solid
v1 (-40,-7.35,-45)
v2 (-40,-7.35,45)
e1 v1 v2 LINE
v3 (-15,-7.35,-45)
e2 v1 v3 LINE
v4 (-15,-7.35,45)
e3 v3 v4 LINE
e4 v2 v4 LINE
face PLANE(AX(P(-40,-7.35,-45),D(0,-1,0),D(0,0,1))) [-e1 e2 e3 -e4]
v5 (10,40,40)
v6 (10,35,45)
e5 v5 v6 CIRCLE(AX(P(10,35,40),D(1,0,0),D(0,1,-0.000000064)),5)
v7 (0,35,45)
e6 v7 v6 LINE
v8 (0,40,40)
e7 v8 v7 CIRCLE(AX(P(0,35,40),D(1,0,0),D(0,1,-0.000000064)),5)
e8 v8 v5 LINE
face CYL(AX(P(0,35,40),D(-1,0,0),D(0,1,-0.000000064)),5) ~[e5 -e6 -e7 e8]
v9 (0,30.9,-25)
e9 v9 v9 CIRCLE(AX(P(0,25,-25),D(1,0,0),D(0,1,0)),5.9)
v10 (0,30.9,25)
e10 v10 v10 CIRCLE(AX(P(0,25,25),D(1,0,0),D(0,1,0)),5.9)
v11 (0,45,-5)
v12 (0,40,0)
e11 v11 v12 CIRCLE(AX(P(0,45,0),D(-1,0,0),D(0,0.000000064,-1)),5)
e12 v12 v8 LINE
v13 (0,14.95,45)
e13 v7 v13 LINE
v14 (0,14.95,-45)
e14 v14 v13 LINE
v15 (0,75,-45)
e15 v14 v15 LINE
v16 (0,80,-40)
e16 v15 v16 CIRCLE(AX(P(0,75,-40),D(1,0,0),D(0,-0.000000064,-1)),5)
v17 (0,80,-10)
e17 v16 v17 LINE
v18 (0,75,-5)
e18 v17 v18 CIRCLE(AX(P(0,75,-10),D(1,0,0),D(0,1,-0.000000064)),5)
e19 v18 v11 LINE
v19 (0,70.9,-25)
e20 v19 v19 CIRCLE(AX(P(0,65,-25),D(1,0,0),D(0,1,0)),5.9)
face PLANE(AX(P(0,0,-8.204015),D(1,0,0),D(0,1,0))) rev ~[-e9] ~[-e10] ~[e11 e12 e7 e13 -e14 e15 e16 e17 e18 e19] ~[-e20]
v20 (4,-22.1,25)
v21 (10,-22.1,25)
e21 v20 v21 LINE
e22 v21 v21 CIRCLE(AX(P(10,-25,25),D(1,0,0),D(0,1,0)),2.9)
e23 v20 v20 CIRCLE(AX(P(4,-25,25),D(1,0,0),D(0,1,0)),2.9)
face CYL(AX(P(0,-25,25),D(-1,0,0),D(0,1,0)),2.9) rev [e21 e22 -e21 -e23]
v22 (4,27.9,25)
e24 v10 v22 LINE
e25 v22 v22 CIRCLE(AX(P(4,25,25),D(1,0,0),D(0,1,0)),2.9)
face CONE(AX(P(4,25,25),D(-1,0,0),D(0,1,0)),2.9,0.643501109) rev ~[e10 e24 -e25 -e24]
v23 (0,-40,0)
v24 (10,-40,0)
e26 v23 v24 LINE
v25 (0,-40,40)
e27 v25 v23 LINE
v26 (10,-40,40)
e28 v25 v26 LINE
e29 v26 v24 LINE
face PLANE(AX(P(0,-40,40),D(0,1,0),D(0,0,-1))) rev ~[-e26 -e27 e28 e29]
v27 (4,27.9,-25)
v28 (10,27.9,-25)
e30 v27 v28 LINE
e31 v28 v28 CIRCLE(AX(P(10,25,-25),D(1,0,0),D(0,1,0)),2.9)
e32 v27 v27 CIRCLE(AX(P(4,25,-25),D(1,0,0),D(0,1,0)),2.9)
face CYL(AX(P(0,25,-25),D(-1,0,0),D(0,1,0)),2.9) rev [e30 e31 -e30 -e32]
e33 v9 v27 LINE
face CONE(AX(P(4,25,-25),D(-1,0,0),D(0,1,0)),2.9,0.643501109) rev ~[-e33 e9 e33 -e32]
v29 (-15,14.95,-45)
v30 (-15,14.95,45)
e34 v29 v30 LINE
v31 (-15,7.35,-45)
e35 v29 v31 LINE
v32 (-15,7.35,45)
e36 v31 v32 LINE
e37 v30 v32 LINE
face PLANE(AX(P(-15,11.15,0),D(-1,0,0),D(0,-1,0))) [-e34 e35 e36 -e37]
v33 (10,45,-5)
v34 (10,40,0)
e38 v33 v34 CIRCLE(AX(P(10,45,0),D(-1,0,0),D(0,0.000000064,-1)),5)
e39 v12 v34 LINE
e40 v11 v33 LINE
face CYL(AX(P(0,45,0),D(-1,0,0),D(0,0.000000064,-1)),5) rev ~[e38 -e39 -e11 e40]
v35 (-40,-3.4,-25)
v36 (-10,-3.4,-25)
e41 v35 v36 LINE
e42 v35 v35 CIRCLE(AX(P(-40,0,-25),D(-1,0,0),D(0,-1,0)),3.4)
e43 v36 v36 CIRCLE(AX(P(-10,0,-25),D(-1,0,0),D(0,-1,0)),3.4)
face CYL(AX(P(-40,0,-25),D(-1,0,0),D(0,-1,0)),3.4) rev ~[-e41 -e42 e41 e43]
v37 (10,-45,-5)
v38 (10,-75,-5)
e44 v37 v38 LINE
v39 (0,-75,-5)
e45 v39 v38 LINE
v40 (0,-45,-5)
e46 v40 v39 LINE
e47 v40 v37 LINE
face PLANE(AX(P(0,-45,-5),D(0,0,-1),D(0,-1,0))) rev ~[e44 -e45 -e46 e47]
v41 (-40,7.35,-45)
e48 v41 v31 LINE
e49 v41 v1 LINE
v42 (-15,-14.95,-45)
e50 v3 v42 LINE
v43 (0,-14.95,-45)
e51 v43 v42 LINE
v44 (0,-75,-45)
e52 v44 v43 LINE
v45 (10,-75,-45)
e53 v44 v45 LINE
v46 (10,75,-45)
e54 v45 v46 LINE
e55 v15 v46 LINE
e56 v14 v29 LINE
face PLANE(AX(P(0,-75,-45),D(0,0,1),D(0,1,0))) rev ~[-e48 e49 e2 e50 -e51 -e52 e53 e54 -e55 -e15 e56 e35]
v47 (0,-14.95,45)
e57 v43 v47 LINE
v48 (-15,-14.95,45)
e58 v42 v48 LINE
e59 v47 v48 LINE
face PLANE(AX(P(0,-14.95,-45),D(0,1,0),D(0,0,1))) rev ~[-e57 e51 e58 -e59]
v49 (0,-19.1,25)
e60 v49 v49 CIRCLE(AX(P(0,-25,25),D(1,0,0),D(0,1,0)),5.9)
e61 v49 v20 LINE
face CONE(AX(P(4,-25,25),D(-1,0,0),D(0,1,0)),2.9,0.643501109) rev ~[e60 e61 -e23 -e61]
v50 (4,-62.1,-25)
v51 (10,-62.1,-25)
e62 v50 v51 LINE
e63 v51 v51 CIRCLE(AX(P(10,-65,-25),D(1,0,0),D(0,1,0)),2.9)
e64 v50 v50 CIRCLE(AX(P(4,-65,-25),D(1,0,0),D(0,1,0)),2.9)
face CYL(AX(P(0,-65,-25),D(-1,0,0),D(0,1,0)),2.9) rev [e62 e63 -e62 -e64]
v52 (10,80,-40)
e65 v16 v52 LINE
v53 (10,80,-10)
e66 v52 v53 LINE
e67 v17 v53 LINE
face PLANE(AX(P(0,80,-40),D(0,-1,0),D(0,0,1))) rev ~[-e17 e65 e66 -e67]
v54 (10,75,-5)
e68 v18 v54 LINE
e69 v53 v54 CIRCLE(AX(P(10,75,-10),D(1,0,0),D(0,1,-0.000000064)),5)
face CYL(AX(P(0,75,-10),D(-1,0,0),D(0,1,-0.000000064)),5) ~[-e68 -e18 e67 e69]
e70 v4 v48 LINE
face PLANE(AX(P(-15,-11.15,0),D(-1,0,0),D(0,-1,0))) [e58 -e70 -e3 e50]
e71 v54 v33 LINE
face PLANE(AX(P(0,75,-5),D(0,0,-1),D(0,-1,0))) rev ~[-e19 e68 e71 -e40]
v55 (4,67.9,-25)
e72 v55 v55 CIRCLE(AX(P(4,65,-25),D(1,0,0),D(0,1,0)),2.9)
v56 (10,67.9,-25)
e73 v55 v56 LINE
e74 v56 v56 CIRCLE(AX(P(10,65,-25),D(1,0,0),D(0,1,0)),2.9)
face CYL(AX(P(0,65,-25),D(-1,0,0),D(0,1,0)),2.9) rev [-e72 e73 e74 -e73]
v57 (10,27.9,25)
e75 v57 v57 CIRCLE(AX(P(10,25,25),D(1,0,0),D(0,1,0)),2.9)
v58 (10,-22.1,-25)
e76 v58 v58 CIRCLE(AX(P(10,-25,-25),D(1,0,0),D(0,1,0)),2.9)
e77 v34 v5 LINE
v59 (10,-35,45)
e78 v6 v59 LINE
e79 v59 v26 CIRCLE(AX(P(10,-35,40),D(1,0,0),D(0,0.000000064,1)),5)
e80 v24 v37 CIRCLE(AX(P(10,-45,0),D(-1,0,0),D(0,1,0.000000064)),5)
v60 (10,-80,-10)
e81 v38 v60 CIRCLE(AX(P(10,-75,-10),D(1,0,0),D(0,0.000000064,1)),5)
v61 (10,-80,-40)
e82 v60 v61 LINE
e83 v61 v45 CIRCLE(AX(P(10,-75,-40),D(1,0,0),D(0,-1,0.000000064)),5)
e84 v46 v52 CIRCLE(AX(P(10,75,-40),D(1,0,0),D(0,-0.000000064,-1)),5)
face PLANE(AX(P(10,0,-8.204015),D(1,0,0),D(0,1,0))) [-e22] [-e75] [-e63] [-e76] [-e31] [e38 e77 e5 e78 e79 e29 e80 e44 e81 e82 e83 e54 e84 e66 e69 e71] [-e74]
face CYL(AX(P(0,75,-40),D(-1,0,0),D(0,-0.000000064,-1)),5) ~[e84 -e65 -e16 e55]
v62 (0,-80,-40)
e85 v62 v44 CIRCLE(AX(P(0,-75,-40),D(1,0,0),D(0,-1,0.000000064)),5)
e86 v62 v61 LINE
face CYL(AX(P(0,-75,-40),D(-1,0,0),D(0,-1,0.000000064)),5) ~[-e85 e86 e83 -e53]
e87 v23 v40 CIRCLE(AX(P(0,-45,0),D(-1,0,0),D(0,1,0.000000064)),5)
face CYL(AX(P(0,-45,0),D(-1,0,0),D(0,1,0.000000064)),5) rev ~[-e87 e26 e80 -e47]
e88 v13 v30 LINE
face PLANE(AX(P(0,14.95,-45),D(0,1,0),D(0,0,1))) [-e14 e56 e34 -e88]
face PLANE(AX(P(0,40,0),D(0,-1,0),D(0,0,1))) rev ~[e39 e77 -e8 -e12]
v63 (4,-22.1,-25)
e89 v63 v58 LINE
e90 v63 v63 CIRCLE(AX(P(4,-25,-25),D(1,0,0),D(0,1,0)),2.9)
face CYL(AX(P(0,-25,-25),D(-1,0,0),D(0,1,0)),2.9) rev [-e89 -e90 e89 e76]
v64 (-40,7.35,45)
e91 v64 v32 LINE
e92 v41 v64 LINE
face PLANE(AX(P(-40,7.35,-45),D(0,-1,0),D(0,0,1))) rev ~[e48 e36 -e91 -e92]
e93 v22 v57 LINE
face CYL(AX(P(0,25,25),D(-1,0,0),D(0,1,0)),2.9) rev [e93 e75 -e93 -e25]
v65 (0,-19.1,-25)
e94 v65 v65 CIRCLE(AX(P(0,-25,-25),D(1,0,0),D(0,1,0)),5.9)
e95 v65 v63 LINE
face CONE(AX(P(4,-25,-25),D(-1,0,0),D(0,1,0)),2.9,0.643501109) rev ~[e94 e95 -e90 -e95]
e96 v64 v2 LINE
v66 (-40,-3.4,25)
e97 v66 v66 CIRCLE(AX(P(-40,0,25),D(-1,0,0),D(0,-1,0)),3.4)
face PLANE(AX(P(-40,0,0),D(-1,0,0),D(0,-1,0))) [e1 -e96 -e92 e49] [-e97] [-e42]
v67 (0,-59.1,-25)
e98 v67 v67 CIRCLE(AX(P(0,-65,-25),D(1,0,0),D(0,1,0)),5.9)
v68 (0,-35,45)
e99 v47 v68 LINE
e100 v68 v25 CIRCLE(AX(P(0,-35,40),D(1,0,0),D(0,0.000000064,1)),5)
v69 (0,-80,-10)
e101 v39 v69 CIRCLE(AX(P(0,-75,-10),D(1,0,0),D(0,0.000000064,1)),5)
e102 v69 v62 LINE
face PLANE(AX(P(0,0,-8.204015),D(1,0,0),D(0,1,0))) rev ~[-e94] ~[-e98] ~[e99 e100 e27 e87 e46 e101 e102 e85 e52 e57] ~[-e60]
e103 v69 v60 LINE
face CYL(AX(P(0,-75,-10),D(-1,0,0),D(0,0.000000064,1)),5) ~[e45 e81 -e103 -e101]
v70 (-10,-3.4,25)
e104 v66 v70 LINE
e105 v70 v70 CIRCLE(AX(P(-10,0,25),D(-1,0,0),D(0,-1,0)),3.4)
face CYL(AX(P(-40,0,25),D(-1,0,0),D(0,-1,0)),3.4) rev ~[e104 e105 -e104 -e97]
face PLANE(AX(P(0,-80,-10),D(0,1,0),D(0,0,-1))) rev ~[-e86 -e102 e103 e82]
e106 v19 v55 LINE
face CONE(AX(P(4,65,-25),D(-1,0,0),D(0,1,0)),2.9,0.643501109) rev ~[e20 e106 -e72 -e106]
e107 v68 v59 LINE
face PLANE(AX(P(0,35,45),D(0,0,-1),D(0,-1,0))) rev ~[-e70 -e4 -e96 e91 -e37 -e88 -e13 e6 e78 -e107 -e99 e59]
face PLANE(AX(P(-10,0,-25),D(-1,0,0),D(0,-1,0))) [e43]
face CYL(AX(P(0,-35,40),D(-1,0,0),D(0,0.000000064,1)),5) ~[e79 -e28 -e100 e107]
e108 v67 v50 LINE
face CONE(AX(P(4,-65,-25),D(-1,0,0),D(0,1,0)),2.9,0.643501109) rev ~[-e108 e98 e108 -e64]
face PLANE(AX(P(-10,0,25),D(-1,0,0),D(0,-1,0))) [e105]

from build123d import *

# Parameters (mm, degrees)
F0_R     = 2.9
F1_DEPTH = 10
F2_W     = 29.9
F2_H     = 90
F3_DEPTH = 40
F4_W     = 7.6
F4_H     = 90
F5_DEPTH = 25
F6_R     = 3.4
F7_DEPTH = 30
F8_SIZE2 = 4
F8_SIZE  = 3


with BuildPart() as f1:
    # F0 (on Right) → F1 (new body)
    with BuildSketch(Plane.YZ):
        with BuildLine():
            Line((-75, -45), (75, -45))
            ThreePointArc((75, -45), (78.535534, -43.535534), (80, -40))
            Line((80, -40), (80, -10))
            ThreePointArc((80, -10), (78.535534, -6.464466), (75, -5))
            Line((75, -5), (45, -5))
            ThreePointArc((45, -5), (41.464466, -3.535534), (40, 0))
            Line((40, 0), (40, 40))
            ThreePointArc((40, 40), (38.535534, 43.535534), (35, 45))
            Line((35, 45), (-35, 45))
            ThreePointArc((-35, 45), (-38.535534, 43.535534), (-40, 40))
            Line((-40, 40), (-40, 0))
            ThreePointArc((-40, 0), (-41.464466, -3.535534), (-45, -5))
            Line((-45, -5), (-75, -5))
            ThreePointArc((-75, -5), (-78.535534, -6.464466), (-80, -10))
            Line((-80, -10), (-80, -40))
            ThreePointArc((-80, -40), (-78.535534, -43.535534), (-75, -45))
        make_face()
        with Locations((-65, -25)):
            Circle(F0_R, mode=Mode.SUBTRACT)
        with Locations((-25, -25)):
            Circle(F0_R, mode=Mode.SUBTRACT)
        with Locations((25, -25)):
            Circle(F0_R, mode=Mode.SUBTRACT)
        with Locations((65, -25)):
            Circle(F0_R, mode=Mode.SUBTRACT)
        with Locations((-25, 25)):
            Circle(F0_R, mode=Mode.SUBTRACT)
        with Locations((25, 25)):
            Circle(F0_R, mode=Mode.SUBTRACT)
    extrude(amount=F1_DEPTH)

    # F2 (on face) → F3 (join)
    with BuildSketch(Plane(origin=(0, 0, 0), x_dir=(0, -1, 0), z_dir=(-1, 0, 0))):
        Rectangle(F2_W, F2_H)
    extrude(amount=F3_DEPTH)

    # F4 (on face) → F5 (cut)
    with BuildSketch(Plane(origin=(-40, 0, 0), x_dir=(0, -1, 0), z_dir=(-1, 0, 0))):
        with Locations((-11.15, 0)):
            Rectangle(F4_W, F4_H)
        with Locations((11.15, 0)):
            Rectangle(F4_W, F4_H)
    extrude(amount=-F5_DEPTH, mode=Mode.SUBTRACT)

    # F6 (on face) → F7 (cut)
    with BuildSketch(Plane(origin=(-40, 0, 0), x_dir=(0, -1, 0), z_dir=(-1, 0, 0))):
        with Locations((0, 25)):
            Circle(F6_R)
        with Locations((0, -25)):
            Circle(F6_R)
    extrude(amount=-F7_DEPTH, mode=Mode.SUBTRACT)

    # F8
    f8_edges = [f1.edges().sort_by_distance(p)[0] for p in [
        (0, 22.1, 25),
        (0, -27.9, 25),
        (0, -67.9, -25),
        (0, -27.9, -25),
        (0, 22.1, -25),
        (0, 62.1, -25),
    ]]
    chamfer(f8_edges, length=F8_SIZE, length2=F8_SIZE2)


solid = f1.part
